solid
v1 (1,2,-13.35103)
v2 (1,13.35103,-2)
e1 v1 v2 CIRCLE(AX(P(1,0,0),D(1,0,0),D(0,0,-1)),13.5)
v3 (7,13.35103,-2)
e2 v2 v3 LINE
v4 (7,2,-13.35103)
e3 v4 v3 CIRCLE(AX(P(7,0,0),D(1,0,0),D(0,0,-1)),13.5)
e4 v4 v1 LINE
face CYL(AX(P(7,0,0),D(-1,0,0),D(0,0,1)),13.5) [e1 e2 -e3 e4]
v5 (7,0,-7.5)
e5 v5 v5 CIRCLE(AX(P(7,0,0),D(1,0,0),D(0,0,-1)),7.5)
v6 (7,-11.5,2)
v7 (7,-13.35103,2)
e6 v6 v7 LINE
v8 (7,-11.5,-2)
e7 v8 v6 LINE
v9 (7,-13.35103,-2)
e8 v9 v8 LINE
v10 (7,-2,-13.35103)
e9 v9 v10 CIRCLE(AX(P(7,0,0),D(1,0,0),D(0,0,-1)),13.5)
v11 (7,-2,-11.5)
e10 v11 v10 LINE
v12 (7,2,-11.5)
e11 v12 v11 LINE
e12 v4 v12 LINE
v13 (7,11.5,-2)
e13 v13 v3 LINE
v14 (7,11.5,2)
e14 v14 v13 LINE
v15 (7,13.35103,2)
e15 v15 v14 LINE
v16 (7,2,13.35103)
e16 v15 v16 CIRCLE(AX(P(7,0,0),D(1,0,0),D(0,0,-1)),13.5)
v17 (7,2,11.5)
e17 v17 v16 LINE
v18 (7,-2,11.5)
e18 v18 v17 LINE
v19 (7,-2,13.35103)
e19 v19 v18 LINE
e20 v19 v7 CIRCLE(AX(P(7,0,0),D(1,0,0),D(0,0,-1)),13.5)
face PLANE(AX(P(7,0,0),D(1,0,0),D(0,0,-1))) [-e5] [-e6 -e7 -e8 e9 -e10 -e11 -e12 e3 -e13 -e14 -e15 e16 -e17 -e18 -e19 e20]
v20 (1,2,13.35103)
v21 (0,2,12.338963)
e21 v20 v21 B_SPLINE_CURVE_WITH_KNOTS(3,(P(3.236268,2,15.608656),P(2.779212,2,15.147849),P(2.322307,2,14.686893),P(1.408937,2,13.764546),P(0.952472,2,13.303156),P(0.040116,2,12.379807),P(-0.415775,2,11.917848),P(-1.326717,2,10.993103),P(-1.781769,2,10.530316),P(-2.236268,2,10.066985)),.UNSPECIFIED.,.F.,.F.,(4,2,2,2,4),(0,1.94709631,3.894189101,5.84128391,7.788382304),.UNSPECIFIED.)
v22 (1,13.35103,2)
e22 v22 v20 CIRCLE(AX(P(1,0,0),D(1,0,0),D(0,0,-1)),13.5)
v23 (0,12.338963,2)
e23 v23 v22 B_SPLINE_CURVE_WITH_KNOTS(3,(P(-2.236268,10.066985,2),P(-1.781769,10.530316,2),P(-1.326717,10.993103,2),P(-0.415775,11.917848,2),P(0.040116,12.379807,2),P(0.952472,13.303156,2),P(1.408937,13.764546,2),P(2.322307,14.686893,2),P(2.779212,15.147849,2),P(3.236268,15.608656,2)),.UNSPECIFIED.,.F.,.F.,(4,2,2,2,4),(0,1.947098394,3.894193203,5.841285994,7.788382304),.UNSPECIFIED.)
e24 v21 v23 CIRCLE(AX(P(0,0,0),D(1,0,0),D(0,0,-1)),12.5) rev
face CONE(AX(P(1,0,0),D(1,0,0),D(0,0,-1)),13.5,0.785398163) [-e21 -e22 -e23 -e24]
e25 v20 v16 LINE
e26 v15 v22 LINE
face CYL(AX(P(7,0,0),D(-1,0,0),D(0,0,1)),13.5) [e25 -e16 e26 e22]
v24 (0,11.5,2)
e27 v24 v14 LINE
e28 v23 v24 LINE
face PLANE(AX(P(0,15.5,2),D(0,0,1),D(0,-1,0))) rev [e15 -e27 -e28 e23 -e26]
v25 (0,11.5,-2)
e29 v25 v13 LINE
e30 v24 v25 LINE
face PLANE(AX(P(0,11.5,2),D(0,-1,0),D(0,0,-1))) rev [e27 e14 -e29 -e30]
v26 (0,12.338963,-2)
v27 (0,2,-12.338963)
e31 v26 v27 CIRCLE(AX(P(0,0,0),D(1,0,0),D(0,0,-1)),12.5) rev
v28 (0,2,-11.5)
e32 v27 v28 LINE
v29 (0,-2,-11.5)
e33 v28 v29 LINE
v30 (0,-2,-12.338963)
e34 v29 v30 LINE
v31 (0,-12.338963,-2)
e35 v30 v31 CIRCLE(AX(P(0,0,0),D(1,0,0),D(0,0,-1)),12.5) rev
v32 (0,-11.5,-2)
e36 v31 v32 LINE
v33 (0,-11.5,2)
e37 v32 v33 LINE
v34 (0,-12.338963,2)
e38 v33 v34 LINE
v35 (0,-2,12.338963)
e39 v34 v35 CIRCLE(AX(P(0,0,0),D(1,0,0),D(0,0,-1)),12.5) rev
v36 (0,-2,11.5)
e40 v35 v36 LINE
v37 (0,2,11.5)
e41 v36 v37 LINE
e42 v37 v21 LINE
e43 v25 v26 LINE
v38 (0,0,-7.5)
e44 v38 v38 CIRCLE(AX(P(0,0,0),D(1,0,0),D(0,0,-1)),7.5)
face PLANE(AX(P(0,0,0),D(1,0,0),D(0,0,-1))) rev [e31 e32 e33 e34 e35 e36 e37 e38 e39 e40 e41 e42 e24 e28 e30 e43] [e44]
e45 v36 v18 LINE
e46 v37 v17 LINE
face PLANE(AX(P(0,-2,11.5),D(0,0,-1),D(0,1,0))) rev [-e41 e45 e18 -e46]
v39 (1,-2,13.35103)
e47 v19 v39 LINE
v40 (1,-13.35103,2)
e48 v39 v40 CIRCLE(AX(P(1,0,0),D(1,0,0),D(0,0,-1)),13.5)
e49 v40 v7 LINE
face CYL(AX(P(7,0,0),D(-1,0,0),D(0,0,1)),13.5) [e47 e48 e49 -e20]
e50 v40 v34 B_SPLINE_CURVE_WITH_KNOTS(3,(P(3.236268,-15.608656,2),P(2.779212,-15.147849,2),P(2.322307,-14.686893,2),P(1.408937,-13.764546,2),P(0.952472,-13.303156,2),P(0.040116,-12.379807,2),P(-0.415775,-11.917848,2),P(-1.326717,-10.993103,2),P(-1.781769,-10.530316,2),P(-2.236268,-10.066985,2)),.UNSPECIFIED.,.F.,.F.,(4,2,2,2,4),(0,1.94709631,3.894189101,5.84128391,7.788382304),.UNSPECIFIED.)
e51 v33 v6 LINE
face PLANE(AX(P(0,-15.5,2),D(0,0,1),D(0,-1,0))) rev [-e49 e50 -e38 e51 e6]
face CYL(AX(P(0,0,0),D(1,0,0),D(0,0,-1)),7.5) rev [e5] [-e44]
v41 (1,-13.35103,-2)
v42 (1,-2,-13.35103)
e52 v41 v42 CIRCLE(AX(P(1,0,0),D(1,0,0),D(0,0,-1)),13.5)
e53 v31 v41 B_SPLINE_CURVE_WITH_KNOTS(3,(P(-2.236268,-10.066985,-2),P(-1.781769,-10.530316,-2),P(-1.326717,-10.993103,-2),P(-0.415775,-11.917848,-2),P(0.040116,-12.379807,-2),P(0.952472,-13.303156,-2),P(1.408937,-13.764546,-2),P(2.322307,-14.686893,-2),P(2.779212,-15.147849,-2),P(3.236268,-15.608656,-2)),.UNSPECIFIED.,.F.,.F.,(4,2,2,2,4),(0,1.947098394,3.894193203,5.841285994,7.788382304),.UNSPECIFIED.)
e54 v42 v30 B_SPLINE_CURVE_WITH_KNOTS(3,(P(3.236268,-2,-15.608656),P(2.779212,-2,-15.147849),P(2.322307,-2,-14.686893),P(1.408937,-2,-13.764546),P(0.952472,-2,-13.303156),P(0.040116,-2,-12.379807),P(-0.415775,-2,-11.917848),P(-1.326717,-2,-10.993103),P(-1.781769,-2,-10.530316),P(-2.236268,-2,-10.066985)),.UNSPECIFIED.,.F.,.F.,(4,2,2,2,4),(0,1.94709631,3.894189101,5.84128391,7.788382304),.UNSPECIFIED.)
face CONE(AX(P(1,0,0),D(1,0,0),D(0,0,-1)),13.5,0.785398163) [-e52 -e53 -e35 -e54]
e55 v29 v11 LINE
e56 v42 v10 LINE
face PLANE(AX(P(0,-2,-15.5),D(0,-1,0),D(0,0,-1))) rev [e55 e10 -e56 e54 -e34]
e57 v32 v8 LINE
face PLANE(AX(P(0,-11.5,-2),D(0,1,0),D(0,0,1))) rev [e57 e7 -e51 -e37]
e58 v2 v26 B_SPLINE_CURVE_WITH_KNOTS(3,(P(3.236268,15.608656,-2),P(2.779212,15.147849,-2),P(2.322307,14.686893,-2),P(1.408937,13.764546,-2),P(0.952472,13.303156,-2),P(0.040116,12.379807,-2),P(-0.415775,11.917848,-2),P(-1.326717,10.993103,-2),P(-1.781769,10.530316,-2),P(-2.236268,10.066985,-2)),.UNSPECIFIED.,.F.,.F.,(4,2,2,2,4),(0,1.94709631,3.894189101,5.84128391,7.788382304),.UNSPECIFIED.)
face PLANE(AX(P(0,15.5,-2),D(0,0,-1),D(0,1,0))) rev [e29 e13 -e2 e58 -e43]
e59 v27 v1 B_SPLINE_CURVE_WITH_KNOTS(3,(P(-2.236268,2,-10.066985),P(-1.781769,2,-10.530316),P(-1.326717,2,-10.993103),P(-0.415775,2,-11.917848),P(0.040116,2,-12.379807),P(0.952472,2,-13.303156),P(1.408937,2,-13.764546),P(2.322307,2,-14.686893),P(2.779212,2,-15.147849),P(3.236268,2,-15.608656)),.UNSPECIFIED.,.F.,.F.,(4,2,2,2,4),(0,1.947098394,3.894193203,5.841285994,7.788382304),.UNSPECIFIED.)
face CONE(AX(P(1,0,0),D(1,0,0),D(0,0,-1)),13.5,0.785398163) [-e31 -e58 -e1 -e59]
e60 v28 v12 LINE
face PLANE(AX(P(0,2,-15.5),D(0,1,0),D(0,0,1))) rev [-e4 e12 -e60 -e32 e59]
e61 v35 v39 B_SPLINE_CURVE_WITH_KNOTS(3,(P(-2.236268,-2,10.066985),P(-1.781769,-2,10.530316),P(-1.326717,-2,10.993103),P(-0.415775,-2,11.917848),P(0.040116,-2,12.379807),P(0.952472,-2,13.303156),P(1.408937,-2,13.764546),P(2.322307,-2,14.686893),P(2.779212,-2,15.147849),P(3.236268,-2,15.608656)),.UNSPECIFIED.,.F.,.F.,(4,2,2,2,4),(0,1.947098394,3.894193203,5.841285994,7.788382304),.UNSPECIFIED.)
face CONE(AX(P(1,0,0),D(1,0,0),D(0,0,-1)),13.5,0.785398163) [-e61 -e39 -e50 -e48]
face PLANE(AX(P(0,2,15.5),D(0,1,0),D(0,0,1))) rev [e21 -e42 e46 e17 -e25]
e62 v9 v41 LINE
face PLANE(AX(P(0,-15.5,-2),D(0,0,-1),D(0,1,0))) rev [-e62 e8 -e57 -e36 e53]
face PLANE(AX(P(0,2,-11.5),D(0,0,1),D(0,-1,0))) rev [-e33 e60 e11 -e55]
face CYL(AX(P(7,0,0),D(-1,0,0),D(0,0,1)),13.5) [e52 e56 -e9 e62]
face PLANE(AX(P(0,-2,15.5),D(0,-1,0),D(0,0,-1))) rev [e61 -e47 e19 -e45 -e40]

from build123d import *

# Parameters (mm, degrees)
SKETCH1_R           = 13.5
BOSS_EXTRUDE1_DEPTH = 7
SKETCH2_R           = 7.5
CUT_EXTRUDE1_DEPTH  = 8
CHAMFER1_SIZE       = 1
SKETCH3_W           = 4
SKETCH3_H           = 4
CUT_EXTRUDE2_DEPTH  = 8
CIRPATTERN1_COUNT   = 4


with BuildPart() as part:
    # Sketch1 → Boss-Extrude1 (new body)
    with BuildSketch(Plane(origin=(0, 0, 0), x_dir=(0, 0, -1), z_dir=(1, 0, 0))):
        Circle(SKETCH1_R)
    extrude(amount=BOSS_EXTRUDE1_DEPTH)

    # Sketch2 → Cut-Extrude1 (cut, through all)
    with BuildSketch(Plane(origin=(7, 0, 0), x_dir=(0, 0, -1), z_dir=(1, 0, 0))):
        Circle(SKETCH2_R)
    extrude(amount=-CUT_EXTRUDE1_DEPTH, mode=Mode.SUBTRACT)

    # Chamfer1
    chamfer1_edges = [part.edges().sort_by_distance(p)[0] for p in [
        (0, 0, 13.5),
    ]]
    chamfer(chamfer1_edges, length=CHAMFER1_SIZE)

    # Sketch3 → Cut-Extrude2 (cut, through all)
    with BuildSketch(Plane(origin=(7, 0, 0), x_dir=(0, 0, -1), z_dir=(1, 0, 0))):
        with Locations((0, 13.5)):
            Rectangle(SKETCH3_W, SKETCH3_H)
    cut_extrude2 = extrude(amount=-CUT_EXTRUDE2_DEPTH, mode=Mode.SUBTRACT)

    # CirPattern1: Cut-Extrude2 ×4 about axis
    cirpattern1_axis = Axis((0, 0, 0), (1, 0, 0))
    for i in range(1, CIRPATTERN1_COUNT):
        add(cut_extrude2.rotate(cirpattern1_axis, i * 360 / CIRPATTERN1_COUNT), mode=Mode.SUBTRACT)


solid = part.part
